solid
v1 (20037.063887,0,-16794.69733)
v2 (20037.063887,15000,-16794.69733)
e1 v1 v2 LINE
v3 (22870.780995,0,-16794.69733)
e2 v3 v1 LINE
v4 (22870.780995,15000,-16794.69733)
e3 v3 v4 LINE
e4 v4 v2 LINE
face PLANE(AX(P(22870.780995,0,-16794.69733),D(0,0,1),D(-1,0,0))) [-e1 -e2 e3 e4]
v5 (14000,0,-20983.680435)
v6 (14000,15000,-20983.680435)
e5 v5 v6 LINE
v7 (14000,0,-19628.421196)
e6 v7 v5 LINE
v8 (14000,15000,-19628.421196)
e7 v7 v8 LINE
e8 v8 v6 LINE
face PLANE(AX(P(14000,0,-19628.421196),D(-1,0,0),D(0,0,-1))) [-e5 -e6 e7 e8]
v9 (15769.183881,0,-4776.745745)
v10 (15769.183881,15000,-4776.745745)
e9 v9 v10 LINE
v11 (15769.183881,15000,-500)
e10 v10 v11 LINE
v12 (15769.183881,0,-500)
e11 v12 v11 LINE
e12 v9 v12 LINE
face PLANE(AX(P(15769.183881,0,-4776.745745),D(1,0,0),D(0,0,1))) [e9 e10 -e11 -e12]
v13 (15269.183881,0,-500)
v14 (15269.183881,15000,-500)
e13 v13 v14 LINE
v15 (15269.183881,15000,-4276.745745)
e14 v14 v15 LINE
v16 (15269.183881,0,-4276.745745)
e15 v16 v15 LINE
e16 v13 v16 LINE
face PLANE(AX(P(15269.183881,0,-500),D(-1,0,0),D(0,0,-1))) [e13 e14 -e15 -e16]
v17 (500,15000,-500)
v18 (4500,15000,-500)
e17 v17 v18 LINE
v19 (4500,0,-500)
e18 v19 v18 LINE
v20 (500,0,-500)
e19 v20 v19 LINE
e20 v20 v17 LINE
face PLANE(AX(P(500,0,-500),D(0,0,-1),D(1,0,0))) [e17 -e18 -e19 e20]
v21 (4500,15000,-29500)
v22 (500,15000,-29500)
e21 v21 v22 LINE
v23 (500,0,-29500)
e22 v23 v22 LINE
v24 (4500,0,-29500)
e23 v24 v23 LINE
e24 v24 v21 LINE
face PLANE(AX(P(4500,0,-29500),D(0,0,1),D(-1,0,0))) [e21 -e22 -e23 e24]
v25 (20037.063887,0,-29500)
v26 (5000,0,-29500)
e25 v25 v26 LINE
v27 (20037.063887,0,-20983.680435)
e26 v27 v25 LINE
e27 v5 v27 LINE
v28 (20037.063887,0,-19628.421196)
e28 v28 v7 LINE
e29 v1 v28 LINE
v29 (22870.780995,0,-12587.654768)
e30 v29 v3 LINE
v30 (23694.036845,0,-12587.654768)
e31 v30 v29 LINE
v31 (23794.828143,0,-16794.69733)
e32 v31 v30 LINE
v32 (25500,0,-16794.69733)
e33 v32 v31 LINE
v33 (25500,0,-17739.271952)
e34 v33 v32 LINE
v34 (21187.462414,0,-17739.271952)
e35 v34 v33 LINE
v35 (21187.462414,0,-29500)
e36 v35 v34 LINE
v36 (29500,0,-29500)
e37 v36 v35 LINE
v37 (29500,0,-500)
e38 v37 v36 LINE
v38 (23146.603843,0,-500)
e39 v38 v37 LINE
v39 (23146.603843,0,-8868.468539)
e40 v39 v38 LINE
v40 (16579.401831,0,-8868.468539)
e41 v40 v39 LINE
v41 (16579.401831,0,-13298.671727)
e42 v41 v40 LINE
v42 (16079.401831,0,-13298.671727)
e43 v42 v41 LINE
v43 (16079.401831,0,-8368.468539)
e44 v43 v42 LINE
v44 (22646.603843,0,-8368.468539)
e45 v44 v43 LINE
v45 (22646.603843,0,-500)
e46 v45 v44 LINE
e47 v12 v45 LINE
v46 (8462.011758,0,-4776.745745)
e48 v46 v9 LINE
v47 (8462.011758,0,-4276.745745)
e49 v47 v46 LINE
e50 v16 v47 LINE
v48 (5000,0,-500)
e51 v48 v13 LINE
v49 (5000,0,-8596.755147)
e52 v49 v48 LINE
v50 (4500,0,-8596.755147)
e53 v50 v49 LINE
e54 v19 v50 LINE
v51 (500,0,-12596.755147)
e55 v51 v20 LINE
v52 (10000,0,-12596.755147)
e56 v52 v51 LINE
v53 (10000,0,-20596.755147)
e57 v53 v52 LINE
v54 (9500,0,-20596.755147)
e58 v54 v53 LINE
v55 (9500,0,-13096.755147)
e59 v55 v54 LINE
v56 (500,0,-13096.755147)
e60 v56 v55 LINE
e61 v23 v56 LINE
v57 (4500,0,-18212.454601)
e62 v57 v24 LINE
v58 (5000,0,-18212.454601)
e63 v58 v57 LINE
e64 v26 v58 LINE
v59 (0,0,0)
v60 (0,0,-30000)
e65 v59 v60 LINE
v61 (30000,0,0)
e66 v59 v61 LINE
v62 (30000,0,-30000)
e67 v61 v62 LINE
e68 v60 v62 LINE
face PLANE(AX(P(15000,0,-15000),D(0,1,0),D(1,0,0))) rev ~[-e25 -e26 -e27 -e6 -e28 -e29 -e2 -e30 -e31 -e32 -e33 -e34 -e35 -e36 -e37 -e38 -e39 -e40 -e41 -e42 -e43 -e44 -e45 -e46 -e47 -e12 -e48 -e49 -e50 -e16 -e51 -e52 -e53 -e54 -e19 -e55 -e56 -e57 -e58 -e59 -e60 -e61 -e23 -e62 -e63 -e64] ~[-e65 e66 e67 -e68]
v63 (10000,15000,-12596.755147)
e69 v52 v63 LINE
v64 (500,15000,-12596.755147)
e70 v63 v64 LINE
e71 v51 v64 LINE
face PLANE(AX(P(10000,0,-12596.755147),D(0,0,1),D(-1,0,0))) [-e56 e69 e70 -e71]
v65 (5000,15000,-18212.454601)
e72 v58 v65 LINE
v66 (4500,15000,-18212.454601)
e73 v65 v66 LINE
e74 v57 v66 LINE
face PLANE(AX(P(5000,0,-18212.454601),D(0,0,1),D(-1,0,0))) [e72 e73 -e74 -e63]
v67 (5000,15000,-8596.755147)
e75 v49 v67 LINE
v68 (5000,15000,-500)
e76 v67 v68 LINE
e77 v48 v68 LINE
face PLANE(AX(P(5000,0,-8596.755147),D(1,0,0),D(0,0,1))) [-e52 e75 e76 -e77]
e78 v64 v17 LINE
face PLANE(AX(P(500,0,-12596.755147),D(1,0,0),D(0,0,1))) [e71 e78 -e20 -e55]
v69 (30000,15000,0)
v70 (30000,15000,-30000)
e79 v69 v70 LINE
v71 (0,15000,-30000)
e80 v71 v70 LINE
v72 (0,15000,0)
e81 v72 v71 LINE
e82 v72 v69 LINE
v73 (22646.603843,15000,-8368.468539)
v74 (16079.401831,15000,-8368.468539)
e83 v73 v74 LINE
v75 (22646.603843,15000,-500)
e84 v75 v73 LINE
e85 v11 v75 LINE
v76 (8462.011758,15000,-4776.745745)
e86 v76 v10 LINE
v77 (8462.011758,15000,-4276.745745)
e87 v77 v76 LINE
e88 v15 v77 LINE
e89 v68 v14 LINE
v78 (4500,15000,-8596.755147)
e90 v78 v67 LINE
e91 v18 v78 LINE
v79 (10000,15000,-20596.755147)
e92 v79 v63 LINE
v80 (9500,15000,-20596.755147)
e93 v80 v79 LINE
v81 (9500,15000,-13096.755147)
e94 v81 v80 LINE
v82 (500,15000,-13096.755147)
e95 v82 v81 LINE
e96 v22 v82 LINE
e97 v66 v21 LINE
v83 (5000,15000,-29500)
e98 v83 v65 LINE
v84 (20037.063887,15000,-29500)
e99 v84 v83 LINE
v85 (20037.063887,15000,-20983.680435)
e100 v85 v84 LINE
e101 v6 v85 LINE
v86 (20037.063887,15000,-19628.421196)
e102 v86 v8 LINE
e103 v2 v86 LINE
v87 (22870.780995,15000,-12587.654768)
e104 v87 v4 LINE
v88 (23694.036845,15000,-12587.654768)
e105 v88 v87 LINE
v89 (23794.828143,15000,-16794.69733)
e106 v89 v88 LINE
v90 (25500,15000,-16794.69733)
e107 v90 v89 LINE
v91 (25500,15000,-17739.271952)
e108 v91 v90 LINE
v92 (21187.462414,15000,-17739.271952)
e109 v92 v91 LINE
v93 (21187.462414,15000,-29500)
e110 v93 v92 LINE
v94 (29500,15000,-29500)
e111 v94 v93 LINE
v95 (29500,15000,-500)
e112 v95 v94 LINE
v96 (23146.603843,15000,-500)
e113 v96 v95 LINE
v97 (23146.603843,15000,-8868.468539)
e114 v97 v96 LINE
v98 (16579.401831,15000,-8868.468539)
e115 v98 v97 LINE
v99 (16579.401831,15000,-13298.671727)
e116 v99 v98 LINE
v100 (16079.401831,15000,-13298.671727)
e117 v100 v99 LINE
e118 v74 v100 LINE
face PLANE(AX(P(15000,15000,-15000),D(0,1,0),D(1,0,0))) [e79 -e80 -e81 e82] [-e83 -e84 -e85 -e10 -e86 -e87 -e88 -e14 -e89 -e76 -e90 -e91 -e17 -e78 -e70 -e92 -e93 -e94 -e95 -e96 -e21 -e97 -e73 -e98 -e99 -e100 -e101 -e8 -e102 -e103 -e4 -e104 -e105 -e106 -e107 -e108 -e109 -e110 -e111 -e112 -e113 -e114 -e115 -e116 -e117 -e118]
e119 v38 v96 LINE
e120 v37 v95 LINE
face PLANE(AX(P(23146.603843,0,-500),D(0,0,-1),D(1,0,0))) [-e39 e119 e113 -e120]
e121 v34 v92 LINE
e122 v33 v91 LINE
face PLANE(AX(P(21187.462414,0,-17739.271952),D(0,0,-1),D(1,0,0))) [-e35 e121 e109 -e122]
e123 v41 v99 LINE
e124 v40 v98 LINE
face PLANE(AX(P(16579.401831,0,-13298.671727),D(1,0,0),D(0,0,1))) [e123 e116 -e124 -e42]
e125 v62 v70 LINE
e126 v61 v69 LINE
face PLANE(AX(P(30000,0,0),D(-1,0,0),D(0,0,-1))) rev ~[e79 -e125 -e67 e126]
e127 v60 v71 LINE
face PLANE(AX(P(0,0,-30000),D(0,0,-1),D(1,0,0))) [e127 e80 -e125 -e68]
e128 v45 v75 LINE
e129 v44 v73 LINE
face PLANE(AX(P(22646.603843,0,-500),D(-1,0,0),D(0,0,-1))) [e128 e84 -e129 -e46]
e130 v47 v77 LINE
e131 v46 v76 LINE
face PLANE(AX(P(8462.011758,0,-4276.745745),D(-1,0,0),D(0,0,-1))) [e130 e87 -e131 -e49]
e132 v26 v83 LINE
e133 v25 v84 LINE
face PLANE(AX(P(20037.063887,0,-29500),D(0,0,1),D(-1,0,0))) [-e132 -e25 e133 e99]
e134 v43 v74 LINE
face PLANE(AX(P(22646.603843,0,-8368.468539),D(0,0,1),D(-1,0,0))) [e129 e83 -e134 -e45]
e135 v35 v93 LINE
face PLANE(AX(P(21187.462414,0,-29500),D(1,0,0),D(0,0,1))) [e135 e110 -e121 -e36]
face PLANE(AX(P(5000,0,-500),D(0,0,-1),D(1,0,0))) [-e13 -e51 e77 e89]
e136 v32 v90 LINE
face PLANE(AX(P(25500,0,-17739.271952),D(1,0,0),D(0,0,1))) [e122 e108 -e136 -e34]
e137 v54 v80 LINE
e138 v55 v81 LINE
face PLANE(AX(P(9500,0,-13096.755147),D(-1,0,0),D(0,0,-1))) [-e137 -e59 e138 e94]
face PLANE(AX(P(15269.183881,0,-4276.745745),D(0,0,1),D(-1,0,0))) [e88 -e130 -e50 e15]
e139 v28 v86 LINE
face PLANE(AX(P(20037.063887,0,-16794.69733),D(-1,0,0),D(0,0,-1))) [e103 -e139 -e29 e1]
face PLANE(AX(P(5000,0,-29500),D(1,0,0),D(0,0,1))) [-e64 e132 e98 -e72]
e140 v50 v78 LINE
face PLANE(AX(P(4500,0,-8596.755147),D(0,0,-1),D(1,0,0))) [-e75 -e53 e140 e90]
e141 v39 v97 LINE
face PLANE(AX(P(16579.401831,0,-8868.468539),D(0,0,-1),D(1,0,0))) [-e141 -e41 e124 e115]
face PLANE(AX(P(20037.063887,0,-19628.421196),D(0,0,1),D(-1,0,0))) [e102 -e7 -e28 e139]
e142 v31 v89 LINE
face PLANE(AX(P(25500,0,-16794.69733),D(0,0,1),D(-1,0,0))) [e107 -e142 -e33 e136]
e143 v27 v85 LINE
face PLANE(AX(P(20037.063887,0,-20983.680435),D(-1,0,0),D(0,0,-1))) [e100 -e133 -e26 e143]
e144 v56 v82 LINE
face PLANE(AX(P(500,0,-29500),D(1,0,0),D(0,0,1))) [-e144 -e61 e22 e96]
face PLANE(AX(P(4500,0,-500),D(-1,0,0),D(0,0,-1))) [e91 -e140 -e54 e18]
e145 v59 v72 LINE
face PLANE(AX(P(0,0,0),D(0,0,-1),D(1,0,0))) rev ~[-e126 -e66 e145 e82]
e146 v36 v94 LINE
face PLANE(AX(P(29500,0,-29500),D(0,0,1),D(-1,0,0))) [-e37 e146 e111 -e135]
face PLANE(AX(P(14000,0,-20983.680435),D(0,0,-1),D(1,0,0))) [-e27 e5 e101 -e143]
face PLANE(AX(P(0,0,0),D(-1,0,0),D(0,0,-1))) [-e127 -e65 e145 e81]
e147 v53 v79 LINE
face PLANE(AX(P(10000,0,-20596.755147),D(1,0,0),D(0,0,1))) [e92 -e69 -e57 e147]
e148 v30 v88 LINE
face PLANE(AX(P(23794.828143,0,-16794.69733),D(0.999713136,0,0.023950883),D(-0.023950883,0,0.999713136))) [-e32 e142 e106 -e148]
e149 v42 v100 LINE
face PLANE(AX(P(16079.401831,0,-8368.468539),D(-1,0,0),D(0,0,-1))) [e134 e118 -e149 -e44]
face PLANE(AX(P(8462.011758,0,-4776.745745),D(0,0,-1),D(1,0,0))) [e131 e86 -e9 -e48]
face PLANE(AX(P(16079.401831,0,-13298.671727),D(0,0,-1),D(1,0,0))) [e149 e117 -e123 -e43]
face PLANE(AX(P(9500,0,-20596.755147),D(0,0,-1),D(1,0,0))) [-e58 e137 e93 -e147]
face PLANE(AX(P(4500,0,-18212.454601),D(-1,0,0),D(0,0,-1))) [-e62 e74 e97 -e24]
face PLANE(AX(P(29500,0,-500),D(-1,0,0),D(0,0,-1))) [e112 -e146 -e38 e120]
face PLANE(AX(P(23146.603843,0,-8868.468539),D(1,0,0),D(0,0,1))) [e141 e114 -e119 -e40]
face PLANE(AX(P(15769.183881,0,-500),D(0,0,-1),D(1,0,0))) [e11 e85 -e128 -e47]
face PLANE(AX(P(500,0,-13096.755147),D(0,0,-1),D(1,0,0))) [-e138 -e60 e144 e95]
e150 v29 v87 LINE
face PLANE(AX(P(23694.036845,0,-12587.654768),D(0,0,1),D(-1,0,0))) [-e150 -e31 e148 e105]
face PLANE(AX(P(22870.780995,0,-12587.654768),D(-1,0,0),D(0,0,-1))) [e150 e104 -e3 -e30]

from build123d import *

# Parameters (mm, degrees)
SKETCH1_W           = 30000
SKETCH1_H           = 30000
BOSS_EXTRUDE1_DEPTH = 15000


with BuildPart() as part:
    # Sketch1 → Boss-Extrude1 (new body)
    with BuildSketch(Plane(origin=(0, 0, 0), x_dir=(1, 0, 0), z_dir=(0, 1, 0))):
        with Locations((15000, 15000)):
            Rectangle(SKETCH1_W, SKETCH1_H)
        Polygon((500, 13096.755147093), (9500, 13096.755147093), (9500, 20596.755147093), (10000, 20596.755147093), (10000, 12596.755147093), (500, 12596.755147093), (500, 500), (4500, 500), (4500, 8596.755147093), (5000, 8596.755147093), (5000, 500), (15269.183881246, 500), (15269.183881246, 4276.7457449), (8462.011757956, 4276.7457449), (8462.011757956, 4776.7457449), (15769.183881246, 4776.7457449), (15769.183881246, 500), (22646.603843365, 500), (22646.603843365, 8368.468538599), (16079.401831089, 8368.468538599), (16079.401831089, 13298.67172662), (16579.401831089, 13298.67172662), (16579.401831089, 8868.468538599), (23146.603843365, 8868.468538599), (23146.603843365, 500), (29500, 500), (29500, 29500), (21187.462413517, 29500), (21187.462413517, 17739.27195209), (25500, 17739.27195209), (25500, 16794.697330365), (23794.82814267, 16794.697330365), (23694.036844744, 12587.654768297), (22870.780995046, 12587.654768297), (22870.780995046, 16794.697330365), (20037.063886677, 16794.697330365), (20037.063886677, 19628.42119554), (14000, 19628.42119554), (14000, 20983.680435406), (20037.063886677, 20983.680435406), (20037.063886677, 29500), (5000, 29500), (5000, 18212.454600794), (4500, 18212.454600794), (4500, 29500), (500, 29500), align=None, mode=Mode.SUBTRACT)
    extrude(amount=BOSS_EXTRUDE1_DEPTH)


solid = part.part
